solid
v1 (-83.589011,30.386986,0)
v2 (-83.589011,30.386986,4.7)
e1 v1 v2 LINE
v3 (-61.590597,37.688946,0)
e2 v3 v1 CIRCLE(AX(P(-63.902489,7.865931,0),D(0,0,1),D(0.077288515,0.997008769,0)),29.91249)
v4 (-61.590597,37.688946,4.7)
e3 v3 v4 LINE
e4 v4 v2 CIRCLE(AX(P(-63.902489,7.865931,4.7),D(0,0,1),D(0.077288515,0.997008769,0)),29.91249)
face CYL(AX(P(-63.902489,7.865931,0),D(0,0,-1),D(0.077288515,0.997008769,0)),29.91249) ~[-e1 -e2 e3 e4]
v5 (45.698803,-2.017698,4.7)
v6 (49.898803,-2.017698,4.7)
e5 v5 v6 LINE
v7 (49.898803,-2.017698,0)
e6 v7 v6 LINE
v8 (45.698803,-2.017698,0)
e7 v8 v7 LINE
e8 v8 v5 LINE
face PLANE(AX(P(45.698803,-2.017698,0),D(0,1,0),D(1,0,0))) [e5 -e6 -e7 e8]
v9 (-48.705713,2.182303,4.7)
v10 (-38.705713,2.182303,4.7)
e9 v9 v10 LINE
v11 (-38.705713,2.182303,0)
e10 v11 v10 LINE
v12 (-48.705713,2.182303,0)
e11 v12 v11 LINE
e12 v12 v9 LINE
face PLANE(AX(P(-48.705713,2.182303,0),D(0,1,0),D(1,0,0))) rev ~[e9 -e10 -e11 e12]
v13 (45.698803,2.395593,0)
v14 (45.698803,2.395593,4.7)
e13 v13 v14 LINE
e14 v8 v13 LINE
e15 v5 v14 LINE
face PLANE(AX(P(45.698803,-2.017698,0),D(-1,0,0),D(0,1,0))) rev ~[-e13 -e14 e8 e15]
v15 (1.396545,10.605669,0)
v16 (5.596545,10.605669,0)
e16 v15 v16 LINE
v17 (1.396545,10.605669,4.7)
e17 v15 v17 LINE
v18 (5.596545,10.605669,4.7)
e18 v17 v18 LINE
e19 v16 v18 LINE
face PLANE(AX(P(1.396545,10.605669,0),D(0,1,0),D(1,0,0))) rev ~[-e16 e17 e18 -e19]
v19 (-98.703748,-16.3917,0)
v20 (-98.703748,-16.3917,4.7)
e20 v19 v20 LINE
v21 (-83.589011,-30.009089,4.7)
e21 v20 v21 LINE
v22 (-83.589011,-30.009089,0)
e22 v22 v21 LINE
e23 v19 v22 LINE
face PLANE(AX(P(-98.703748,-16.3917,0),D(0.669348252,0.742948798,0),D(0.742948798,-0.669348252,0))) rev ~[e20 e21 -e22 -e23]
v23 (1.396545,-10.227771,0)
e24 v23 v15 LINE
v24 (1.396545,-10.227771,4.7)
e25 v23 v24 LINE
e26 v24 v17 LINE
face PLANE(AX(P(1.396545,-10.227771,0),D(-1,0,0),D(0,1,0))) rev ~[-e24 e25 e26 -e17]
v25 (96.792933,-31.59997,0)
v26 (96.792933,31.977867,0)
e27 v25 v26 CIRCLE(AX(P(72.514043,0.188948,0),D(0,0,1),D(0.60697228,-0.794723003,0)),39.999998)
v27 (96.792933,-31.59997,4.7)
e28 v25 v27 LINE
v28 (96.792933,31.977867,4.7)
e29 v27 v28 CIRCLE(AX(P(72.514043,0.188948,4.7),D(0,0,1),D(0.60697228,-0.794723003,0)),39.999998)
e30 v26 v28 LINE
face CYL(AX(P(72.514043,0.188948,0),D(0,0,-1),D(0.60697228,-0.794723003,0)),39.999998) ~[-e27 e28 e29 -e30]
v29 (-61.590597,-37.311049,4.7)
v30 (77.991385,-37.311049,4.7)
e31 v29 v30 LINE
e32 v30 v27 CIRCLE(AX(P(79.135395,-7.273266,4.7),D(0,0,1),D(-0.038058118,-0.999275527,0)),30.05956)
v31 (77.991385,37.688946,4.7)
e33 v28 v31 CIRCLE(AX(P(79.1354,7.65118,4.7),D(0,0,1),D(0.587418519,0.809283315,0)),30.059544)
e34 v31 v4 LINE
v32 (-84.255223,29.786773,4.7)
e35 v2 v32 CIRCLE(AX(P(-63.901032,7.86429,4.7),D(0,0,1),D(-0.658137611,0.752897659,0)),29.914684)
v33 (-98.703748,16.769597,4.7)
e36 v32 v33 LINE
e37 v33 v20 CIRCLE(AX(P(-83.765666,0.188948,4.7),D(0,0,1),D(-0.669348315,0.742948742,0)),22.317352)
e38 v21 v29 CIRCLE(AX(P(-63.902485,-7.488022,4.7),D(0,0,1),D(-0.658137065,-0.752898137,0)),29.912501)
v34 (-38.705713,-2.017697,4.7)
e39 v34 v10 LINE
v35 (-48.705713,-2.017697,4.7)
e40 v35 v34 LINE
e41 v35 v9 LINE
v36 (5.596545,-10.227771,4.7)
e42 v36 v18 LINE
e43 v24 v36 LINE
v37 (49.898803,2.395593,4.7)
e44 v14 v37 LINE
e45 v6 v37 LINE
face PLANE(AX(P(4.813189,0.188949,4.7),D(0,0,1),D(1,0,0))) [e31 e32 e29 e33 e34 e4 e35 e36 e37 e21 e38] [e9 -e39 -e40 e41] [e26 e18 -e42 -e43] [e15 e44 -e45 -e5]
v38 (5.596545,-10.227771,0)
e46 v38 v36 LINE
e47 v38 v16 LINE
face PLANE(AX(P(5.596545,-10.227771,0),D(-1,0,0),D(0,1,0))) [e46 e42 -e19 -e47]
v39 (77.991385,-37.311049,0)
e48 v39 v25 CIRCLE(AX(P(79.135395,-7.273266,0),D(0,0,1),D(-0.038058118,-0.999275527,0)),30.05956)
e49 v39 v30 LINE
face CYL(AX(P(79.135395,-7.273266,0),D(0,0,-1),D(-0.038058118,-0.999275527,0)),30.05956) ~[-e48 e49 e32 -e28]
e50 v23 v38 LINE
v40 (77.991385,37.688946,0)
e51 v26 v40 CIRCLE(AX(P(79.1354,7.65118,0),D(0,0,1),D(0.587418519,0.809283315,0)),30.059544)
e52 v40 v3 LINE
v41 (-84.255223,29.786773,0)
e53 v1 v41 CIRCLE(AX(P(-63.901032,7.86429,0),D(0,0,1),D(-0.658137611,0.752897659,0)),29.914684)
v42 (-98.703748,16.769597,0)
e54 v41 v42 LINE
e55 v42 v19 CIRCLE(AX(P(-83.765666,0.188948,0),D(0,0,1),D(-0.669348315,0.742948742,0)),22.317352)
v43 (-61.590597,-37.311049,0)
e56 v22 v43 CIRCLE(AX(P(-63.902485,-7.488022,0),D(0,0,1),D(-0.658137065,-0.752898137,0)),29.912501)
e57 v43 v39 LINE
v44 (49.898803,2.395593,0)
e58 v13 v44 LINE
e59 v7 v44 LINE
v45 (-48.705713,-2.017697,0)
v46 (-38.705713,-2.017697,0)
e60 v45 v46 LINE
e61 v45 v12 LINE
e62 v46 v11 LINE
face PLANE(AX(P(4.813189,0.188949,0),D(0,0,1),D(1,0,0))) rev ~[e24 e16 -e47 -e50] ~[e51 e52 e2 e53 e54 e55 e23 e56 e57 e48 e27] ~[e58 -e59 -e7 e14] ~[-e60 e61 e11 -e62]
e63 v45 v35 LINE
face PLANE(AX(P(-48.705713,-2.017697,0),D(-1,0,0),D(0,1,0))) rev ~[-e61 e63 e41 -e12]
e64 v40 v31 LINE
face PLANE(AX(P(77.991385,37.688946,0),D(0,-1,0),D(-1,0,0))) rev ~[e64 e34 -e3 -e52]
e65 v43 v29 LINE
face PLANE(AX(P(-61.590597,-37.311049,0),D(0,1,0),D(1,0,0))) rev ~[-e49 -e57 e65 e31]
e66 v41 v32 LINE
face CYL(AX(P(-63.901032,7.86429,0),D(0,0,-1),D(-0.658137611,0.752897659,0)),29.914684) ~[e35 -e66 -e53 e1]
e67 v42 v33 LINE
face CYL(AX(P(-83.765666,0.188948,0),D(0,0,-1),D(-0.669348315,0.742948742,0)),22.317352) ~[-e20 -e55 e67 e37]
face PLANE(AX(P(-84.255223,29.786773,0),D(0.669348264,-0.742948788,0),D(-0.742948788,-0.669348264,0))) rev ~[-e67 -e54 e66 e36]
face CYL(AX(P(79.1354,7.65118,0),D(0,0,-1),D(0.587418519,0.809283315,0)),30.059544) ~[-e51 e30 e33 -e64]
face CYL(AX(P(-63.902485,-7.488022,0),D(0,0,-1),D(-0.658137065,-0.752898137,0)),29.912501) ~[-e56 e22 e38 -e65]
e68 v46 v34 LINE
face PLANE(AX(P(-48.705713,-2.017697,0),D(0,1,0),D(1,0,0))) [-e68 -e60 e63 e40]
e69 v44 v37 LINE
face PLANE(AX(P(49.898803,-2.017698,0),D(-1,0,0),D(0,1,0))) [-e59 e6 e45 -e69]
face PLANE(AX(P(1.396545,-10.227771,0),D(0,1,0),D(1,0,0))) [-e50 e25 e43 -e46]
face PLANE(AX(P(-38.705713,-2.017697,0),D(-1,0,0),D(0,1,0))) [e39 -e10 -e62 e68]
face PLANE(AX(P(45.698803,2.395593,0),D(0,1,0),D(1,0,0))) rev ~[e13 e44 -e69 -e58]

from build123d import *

# Parameters (mm, degrees)
F0_W     = 10
F0_H     = 4.2
F0_W_2   = 4.2
F0_H_2   = 20.833439
F0_H_3   = 4.413291
F1_DEPTH = 4.7


with BuildPart() as f1:
    # F0 (on Top) → F1 (new body)
    with BuildSketch(Plane.XY):
        with BuildLine():
            Line((77.899866, 37.688946), (-61.590597, 37.688946))
            ThreePointArc((-61.590597, 37.688946), (-73.325816, 36.25533), (-83.589011, 30.386986))
            Line((-83.589011, 30.386986), (-84.255223, 29.786773))
            Line((-84.255223, 29.786773), (-98.703748, 16.769597))
            ThreePointArc((-98.703748, 16.769597), (-106.083018, 0.188949), (-98.703748, -16.3917))
            Line((-98.703748, -16.3917), (-83.589011, -30.009089))
            ThreePointArc((-83.589011, -30.009089), (-73.325816, -35.877432), (-61.590597, -37.311049))
            Line((-61.590597, -37.311049), (77.991385, -37.311049))
            ThreePointArc((77.991385, -37.311049), (87.872, -36.035201), (96.792933, -31.59997))
            ThreePointArc((96.792933, -31.59997), (112.514041, 0.188949), (96.792933, 31.977867))
            ThreePointArc((96.792933, 31.977867), (87.872, 36.413099), (77.991385, 37.688946))
            Line((77.991385, 37.688946), (77.899866, 37.688946))
        make_face()
        with Locations((-43.705713, 0.082303)):
            Rectangle(F0_W, F0_H, mode=Mode.SUBTRACT)
        with Locations((3.496545, 0.188949)):
            Rectangle(F0_W_2, F0_H_2, mode=Mode.SUBTRACT)
        with Locations((47.798803, 0.188948)):
            Rectangle(F0_W_2, F0_H_3, mode=Mode.SUBTRACT)
        with BuildLine():
            Line((-84.255223, 29.786773), (-83.589011, 30.386986))
            ThreePointArc((-83.589011, 30.386986), (-83.924366, 30.089376), (-84.255223, 29.786773))
        make_face()
    extrude(amount=F1_DEPTH)


solid = f1.part
